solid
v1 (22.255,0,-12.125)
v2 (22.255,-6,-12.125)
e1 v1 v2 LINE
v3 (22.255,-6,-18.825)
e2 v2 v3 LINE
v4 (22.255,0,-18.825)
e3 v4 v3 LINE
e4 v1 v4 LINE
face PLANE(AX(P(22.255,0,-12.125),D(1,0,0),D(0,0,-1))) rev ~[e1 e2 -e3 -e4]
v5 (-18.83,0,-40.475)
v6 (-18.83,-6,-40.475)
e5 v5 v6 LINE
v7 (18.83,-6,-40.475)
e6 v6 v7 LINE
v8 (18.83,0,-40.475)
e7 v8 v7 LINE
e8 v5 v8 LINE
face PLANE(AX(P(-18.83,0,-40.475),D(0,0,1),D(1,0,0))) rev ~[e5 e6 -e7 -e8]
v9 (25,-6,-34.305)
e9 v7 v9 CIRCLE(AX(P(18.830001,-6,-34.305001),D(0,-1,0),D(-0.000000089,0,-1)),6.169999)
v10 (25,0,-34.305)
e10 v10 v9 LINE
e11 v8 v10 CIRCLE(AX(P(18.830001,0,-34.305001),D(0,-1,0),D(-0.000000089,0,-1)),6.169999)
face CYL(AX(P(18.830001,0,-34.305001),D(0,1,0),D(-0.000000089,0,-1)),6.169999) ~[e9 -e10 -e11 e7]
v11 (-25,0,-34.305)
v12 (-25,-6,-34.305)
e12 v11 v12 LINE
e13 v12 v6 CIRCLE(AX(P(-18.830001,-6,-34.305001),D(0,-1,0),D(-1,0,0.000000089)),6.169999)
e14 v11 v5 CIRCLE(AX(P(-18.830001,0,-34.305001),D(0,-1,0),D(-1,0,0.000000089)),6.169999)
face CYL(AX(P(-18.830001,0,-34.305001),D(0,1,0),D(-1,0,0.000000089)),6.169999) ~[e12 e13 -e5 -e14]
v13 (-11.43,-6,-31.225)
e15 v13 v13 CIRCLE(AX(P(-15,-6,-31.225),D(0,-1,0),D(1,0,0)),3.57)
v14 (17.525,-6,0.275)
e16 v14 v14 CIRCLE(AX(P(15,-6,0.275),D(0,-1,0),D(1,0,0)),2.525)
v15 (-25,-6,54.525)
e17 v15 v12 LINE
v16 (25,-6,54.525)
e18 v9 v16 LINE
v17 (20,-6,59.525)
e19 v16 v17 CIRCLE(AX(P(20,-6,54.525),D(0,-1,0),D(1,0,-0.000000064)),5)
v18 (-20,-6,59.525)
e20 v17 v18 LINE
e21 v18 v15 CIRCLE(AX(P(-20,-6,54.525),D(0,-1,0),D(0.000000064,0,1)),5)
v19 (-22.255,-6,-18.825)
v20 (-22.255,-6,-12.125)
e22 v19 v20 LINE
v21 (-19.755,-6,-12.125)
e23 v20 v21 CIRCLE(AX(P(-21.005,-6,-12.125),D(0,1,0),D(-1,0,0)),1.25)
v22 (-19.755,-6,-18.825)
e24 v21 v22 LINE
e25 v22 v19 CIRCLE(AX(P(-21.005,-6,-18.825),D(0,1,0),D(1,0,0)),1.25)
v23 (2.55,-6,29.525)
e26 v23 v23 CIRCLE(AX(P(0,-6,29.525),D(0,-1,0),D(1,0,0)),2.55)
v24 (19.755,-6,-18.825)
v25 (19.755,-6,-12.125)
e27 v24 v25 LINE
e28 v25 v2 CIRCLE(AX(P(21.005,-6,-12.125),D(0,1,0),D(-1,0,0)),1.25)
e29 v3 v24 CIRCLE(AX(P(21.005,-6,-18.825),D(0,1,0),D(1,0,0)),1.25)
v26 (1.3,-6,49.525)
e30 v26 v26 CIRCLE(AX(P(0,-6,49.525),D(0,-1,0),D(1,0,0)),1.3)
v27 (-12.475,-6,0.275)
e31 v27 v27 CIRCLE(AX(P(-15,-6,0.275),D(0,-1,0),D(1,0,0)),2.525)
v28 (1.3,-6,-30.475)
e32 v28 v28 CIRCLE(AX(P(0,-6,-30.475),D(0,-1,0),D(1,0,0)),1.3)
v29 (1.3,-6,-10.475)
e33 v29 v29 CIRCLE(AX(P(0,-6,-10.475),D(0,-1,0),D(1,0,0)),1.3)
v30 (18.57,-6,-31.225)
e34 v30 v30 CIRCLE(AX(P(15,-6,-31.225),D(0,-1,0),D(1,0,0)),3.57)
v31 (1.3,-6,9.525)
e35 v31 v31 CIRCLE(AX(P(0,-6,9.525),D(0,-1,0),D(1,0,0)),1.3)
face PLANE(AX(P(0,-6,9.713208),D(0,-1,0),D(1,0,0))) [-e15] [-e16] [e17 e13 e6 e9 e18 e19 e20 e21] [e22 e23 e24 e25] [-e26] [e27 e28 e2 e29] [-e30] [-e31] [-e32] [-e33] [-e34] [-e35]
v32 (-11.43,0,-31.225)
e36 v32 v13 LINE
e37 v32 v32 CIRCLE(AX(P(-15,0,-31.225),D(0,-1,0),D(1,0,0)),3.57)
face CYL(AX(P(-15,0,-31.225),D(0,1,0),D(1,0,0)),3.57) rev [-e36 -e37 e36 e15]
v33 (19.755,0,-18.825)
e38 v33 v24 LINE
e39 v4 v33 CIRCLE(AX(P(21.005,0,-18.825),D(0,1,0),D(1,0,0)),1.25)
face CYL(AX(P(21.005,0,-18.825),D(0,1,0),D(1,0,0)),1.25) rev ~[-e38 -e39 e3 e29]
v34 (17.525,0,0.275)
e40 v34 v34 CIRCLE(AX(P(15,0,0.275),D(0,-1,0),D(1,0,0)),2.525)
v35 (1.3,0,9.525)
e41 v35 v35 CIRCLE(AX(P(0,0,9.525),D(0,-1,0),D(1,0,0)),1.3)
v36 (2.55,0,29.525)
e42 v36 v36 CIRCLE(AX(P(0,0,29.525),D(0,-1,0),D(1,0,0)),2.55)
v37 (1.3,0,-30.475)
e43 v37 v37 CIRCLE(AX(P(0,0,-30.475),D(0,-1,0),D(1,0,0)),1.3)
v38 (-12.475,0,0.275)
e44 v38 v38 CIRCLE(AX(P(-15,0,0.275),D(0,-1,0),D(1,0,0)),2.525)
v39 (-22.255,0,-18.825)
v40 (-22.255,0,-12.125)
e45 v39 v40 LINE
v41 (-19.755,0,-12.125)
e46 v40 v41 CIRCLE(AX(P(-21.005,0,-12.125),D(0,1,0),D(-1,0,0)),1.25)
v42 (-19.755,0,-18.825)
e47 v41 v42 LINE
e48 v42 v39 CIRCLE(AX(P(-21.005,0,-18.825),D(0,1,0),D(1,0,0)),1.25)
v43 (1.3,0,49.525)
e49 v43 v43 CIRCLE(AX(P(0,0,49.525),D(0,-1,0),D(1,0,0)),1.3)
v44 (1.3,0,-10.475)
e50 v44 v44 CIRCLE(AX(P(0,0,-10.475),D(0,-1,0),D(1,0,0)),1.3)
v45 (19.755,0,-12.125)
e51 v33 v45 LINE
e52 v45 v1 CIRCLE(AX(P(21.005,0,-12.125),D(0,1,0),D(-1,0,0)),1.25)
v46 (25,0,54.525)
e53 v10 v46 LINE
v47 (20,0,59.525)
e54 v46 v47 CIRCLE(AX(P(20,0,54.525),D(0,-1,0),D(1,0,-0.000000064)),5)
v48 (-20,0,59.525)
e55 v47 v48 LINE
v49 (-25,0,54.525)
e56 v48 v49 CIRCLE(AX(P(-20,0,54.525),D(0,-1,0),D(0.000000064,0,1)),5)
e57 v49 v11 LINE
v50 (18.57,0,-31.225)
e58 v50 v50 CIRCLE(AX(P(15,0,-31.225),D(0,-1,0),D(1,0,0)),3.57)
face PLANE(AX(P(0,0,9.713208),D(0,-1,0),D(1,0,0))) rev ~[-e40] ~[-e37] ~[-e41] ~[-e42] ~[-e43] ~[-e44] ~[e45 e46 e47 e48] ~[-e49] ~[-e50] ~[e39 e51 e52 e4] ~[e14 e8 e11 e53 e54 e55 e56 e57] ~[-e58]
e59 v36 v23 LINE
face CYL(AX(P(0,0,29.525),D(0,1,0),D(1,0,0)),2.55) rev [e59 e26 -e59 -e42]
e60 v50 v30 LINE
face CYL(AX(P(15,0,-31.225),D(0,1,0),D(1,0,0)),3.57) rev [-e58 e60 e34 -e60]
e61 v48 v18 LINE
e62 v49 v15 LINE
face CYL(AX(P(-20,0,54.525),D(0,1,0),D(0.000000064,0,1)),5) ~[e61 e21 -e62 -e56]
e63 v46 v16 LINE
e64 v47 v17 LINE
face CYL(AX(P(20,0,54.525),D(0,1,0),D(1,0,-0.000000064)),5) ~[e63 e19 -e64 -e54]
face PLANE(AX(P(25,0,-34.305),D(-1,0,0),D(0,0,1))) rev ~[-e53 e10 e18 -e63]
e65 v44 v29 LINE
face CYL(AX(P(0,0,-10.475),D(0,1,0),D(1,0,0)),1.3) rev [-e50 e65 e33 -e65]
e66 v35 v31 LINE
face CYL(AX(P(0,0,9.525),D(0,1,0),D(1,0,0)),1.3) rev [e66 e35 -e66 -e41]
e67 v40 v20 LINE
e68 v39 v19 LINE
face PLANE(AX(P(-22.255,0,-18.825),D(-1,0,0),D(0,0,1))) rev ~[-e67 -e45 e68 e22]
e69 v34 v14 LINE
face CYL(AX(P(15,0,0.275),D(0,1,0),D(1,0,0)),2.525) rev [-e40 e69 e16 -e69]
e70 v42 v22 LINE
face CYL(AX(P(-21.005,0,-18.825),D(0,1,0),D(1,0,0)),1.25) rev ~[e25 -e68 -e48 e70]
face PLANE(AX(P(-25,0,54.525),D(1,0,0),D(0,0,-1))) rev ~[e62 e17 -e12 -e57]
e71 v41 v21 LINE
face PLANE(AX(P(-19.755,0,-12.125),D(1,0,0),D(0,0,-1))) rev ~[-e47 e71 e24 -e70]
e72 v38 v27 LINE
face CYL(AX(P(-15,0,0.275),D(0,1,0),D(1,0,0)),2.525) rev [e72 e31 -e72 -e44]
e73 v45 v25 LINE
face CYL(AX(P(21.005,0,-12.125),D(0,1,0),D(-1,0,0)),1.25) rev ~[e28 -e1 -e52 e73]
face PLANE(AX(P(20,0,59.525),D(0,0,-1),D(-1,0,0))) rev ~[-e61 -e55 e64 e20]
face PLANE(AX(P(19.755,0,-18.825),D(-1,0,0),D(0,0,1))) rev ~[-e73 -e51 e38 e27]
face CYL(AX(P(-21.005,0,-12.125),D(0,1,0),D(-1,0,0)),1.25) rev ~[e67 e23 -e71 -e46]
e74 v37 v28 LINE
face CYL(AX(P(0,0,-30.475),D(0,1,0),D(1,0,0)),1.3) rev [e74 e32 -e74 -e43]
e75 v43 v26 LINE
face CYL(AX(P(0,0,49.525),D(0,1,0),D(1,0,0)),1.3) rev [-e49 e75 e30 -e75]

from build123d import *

# Parameters (mm, degrees)
F0_R     = 3.57
F0_R_2   = 2.525
F0_R_3   = 1.3
F0_R_4   = 2.55
F1_DEPTH = 6


with BuildPart() as f1:
    # F0 (on Front) → F1 (new body)
    with BuildSketch(Plane.XZ):
        with BuildLine():
            Line((20, 59.525), (18.83, 59.525))
            Line((18.83, 59.525), (-18.83, 59.525))
            Line((-18.83, 59.525), (-20, 59.525))
            ThreePointArc((-20, 59.525), (-23.535534, 58.060534), (-25, 54.525))
            Line((-25, 54.525), (-25, 50.695))
            Line((-25, 50.695), (-25, -34.305))
            ThreePointArc((-25, -34.305), (-23.192849, -38.667849), (-18.83, -40.475))
            Line((-18.83, -40.475), (18.83, -40.475))
            ThreePointArc((18.83, -40.475), (23.192849, -38.667849), (25, -34.305))
            Line((25, -34.305), (25, 50.695))
            Line((25, 50.695), (25, 54.525))
            ThreePointArc((25, 54.525), (23.535534, 58.060534), (20, 59.525))
        make_face()
        with Locations((-15, -31.225)):
            Circle(F0_R, mode=Mode.SUBTRACT)
        with BuildLine():
            Line((-19.755, -12.125), (-19.755, -18.825))
            ThreePointArc((-19.755, -18.825), (-21.005, -20.075), (-22.255, -18.825))
            Line((-22.255, -18.825), (-22.255, -12.125))
            ThreePointArc((-22.255, -12.125), (-21.005, -10.875), (-19.755, -12.125))
        make_face(mode=Mode.SUBTRACT)
        with Locations((-15, 0.275)):
            Circle(F0_R_2, mode=Mode.SUBTRACT)
        with Locations((0, -30.475)):
            Circle(F0_R_3, mode=Mode.SUBTRACT)
        with Locations((15, -31.225)):
            Circle(F0_R, mode=Mode.SUBTRACT)
        with Locations((0, -10.475)):
            Circle(F0_R_3, mode=Mode.SUBTRACT)
        with BuildLine():
            Line((22.255, -12.125), (22.255, -18.825))
            ThreePointArc((22.255, -18.825), (21.005, -20.075), (19.755, -18.825))
            Line((19.755, -18.825), (19.755, -12.125))
            ThreePointArc((19.755, -12.125), (21.005, -10.875), (22.255, -12.125))
        make_face(mode=Mode.SUBTRACT)
        with Locations((15, 0.275)):
            Circle(F0_R_2, mode=Mode.SUBTRACT)
        with Locations((0, 9.525)):
            Circle(F0_R_3, mode=Mode.SUBTRACT)
        with Locations((0, 29.525)):
            Circle(F0_R_4, mode=Mode.SUBTRACT)
        with Locations((0, 49.525)):
            Circle(F0_R_3, mode=Mode.SUBTRACT)
    extrude(amount=F1_DEPTH)


solid = f1.part
